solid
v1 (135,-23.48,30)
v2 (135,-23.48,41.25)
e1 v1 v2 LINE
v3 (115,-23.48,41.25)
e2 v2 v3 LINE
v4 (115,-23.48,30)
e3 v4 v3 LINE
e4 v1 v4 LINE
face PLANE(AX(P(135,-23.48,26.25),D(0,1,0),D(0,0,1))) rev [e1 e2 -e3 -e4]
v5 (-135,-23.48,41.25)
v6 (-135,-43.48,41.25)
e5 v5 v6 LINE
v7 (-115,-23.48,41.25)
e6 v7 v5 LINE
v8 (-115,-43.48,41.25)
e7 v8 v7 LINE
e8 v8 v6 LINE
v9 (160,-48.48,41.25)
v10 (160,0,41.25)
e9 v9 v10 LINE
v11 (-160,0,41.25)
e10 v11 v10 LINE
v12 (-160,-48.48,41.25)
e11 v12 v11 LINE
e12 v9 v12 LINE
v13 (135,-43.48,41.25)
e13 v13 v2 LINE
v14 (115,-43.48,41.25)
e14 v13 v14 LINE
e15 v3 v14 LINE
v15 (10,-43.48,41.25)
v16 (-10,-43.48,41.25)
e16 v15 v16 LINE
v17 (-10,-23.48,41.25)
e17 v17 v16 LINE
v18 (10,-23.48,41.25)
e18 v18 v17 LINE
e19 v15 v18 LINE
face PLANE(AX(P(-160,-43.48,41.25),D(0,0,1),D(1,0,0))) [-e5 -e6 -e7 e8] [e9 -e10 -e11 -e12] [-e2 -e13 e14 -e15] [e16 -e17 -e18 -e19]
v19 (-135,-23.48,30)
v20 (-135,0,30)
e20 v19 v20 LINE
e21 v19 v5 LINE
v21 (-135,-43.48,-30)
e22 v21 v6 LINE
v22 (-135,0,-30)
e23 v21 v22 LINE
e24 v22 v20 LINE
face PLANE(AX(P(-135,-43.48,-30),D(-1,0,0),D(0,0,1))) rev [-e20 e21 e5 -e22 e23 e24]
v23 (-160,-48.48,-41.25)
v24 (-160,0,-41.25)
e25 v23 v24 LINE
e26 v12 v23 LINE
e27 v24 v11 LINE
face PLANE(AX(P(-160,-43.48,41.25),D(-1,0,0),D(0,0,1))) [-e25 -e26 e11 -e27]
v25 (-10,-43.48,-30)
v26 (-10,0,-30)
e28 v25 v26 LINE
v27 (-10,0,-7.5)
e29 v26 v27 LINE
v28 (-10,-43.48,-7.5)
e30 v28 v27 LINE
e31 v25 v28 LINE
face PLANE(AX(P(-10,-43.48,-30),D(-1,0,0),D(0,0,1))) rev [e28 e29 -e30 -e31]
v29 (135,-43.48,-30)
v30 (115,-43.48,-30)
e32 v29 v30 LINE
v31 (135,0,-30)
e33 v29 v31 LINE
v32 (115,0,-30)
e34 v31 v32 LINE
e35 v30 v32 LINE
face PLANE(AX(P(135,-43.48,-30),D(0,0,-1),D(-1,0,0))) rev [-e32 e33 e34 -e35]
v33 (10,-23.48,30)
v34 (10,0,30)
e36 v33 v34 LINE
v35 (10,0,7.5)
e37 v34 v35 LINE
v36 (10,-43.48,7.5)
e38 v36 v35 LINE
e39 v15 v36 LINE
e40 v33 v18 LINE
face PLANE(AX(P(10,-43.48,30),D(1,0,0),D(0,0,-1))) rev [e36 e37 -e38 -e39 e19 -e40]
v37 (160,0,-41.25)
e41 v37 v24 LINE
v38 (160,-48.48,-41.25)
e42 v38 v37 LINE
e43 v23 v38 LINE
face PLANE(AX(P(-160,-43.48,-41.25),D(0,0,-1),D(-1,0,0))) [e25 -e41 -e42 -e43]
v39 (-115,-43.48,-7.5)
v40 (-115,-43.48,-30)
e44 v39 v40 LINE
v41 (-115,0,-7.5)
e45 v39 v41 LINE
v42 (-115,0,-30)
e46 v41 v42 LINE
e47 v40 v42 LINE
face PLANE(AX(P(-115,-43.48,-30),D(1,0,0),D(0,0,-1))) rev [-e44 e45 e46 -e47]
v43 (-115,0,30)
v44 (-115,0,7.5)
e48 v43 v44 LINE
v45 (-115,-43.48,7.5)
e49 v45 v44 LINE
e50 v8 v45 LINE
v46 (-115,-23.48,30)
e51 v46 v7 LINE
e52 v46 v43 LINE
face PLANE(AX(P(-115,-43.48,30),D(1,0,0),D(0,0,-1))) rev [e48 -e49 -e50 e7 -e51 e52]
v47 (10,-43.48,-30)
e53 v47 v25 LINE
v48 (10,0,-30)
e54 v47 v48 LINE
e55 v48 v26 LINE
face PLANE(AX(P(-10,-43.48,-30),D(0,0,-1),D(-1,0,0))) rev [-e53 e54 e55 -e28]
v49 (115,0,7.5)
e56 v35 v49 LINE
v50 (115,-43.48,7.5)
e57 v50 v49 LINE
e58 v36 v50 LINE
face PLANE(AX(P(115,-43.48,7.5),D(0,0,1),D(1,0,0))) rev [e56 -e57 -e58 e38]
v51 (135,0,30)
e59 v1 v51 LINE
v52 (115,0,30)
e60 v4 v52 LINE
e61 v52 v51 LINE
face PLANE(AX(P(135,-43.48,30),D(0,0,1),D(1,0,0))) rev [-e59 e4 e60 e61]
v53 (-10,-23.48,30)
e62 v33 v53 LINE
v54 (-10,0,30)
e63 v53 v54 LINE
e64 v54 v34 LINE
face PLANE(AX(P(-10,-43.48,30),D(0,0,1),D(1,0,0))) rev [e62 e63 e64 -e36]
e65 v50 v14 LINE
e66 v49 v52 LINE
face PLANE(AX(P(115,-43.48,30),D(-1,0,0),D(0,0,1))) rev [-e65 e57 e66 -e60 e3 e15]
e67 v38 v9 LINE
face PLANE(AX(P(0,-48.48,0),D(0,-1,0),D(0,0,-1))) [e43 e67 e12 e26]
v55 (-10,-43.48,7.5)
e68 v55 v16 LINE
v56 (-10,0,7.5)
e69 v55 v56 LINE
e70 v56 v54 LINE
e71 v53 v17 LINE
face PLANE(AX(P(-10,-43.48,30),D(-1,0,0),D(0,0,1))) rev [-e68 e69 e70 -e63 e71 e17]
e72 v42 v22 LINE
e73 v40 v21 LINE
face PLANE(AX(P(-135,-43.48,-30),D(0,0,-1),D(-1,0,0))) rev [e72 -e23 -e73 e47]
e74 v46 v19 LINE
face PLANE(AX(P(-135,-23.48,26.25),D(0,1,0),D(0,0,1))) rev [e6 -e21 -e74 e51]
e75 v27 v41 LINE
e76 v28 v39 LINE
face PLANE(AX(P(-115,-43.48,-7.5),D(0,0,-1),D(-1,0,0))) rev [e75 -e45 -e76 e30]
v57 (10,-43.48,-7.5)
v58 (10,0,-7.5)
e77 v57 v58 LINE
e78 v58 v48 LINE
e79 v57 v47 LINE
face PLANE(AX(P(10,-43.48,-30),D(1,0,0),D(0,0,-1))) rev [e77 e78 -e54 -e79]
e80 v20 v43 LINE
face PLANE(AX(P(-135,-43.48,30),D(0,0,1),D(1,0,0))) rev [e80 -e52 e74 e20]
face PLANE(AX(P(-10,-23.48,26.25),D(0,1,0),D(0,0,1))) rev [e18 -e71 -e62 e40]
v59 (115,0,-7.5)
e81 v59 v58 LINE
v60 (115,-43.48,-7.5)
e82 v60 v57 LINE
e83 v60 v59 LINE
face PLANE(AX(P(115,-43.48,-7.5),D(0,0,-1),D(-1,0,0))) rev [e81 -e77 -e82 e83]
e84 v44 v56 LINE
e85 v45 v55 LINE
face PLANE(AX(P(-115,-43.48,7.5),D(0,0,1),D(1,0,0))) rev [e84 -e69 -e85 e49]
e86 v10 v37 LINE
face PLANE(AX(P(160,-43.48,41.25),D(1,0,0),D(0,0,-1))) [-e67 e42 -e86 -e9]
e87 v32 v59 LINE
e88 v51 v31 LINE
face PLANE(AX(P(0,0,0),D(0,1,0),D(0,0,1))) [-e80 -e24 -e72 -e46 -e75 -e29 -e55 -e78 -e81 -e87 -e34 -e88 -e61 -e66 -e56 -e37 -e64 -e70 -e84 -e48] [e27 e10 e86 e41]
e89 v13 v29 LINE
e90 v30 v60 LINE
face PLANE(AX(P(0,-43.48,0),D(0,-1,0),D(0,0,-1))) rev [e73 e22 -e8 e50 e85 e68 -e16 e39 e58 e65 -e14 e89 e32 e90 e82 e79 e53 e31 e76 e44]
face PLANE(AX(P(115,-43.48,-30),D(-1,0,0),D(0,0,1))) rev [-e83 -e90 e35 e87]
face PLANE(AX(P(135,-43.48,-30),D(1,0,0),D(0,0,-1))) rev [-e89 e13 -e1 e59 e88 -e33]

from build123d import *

# Parameters (mm, degrees)
SKETCH1_W           = 320
SKETCH1_H           = 82.5
BOSS_EXTRUDE1_DEPTH = 43.48
SKETCH3_W           = 20
SKETCH3_H           = 20
CUT_EXTRUDE1_DEPTH  = 15
SKETCH5_W           = 320
SKETCH5_H           = 82.5
BOSS_EXTRUDE3_DEPTH = 5


with BuildPart() as part:
    # Sketch1 → Boss-Extrude1 (new body)
    with BuildSketch(Plane(origin=(0, 0, 0), x_dir=(1, 0, 0), z_dir=(0, 1, 0))):
        Rectangle(SKETCH1_W, SKETCH1_H)
        Polygon((-135, 30), (-115, 30), (-115, 7.5), (-10, 7.5), (-10, 30), (10, 30), (10, 7.5), (115, 7.5), (115, 30), (135, 30), (135, -30), (115, -30), (115, -7.5), (10, -7.5), (10, -30), (-10, -30), (-10, -7.5), (-115, -7.5), (-115, -30), (-135, -30), align=None, mode=Mode.SUBTRACT)
    extrude(amount=-BOSS_EXTRUDE1_DEPTH)

    # Sketch3 → Cut-Extrude1 (cut)
    with BuildSketch(Plane.XY.offset(41.25)):
        with Locations((0, -33.48)):
            Rectangle(SKETCH3_W, SKETCH3_H)
        with Locations((125, -33.48)):
            Rectangle(SKETCH3_W, SKETCH3_H)
        with Locations((-125, -33.48)):
            Rectangle(SKETCH3_W, SKETCH3_H)
    extrude(amount=-CUT_EXTRUDE1_DEPTH, mode=Mode.SUBTRACT)

    # Sketch5 → Boss-Extrude3 (add)
    with BuildSketch(Plane.XZ.offset(43.48)):
        Rectangle(SKETCH5_W, SKETCH5_H)
    extrude(amount=BOSS_EXTRUDE3_DEPTH)


solid = part.part
